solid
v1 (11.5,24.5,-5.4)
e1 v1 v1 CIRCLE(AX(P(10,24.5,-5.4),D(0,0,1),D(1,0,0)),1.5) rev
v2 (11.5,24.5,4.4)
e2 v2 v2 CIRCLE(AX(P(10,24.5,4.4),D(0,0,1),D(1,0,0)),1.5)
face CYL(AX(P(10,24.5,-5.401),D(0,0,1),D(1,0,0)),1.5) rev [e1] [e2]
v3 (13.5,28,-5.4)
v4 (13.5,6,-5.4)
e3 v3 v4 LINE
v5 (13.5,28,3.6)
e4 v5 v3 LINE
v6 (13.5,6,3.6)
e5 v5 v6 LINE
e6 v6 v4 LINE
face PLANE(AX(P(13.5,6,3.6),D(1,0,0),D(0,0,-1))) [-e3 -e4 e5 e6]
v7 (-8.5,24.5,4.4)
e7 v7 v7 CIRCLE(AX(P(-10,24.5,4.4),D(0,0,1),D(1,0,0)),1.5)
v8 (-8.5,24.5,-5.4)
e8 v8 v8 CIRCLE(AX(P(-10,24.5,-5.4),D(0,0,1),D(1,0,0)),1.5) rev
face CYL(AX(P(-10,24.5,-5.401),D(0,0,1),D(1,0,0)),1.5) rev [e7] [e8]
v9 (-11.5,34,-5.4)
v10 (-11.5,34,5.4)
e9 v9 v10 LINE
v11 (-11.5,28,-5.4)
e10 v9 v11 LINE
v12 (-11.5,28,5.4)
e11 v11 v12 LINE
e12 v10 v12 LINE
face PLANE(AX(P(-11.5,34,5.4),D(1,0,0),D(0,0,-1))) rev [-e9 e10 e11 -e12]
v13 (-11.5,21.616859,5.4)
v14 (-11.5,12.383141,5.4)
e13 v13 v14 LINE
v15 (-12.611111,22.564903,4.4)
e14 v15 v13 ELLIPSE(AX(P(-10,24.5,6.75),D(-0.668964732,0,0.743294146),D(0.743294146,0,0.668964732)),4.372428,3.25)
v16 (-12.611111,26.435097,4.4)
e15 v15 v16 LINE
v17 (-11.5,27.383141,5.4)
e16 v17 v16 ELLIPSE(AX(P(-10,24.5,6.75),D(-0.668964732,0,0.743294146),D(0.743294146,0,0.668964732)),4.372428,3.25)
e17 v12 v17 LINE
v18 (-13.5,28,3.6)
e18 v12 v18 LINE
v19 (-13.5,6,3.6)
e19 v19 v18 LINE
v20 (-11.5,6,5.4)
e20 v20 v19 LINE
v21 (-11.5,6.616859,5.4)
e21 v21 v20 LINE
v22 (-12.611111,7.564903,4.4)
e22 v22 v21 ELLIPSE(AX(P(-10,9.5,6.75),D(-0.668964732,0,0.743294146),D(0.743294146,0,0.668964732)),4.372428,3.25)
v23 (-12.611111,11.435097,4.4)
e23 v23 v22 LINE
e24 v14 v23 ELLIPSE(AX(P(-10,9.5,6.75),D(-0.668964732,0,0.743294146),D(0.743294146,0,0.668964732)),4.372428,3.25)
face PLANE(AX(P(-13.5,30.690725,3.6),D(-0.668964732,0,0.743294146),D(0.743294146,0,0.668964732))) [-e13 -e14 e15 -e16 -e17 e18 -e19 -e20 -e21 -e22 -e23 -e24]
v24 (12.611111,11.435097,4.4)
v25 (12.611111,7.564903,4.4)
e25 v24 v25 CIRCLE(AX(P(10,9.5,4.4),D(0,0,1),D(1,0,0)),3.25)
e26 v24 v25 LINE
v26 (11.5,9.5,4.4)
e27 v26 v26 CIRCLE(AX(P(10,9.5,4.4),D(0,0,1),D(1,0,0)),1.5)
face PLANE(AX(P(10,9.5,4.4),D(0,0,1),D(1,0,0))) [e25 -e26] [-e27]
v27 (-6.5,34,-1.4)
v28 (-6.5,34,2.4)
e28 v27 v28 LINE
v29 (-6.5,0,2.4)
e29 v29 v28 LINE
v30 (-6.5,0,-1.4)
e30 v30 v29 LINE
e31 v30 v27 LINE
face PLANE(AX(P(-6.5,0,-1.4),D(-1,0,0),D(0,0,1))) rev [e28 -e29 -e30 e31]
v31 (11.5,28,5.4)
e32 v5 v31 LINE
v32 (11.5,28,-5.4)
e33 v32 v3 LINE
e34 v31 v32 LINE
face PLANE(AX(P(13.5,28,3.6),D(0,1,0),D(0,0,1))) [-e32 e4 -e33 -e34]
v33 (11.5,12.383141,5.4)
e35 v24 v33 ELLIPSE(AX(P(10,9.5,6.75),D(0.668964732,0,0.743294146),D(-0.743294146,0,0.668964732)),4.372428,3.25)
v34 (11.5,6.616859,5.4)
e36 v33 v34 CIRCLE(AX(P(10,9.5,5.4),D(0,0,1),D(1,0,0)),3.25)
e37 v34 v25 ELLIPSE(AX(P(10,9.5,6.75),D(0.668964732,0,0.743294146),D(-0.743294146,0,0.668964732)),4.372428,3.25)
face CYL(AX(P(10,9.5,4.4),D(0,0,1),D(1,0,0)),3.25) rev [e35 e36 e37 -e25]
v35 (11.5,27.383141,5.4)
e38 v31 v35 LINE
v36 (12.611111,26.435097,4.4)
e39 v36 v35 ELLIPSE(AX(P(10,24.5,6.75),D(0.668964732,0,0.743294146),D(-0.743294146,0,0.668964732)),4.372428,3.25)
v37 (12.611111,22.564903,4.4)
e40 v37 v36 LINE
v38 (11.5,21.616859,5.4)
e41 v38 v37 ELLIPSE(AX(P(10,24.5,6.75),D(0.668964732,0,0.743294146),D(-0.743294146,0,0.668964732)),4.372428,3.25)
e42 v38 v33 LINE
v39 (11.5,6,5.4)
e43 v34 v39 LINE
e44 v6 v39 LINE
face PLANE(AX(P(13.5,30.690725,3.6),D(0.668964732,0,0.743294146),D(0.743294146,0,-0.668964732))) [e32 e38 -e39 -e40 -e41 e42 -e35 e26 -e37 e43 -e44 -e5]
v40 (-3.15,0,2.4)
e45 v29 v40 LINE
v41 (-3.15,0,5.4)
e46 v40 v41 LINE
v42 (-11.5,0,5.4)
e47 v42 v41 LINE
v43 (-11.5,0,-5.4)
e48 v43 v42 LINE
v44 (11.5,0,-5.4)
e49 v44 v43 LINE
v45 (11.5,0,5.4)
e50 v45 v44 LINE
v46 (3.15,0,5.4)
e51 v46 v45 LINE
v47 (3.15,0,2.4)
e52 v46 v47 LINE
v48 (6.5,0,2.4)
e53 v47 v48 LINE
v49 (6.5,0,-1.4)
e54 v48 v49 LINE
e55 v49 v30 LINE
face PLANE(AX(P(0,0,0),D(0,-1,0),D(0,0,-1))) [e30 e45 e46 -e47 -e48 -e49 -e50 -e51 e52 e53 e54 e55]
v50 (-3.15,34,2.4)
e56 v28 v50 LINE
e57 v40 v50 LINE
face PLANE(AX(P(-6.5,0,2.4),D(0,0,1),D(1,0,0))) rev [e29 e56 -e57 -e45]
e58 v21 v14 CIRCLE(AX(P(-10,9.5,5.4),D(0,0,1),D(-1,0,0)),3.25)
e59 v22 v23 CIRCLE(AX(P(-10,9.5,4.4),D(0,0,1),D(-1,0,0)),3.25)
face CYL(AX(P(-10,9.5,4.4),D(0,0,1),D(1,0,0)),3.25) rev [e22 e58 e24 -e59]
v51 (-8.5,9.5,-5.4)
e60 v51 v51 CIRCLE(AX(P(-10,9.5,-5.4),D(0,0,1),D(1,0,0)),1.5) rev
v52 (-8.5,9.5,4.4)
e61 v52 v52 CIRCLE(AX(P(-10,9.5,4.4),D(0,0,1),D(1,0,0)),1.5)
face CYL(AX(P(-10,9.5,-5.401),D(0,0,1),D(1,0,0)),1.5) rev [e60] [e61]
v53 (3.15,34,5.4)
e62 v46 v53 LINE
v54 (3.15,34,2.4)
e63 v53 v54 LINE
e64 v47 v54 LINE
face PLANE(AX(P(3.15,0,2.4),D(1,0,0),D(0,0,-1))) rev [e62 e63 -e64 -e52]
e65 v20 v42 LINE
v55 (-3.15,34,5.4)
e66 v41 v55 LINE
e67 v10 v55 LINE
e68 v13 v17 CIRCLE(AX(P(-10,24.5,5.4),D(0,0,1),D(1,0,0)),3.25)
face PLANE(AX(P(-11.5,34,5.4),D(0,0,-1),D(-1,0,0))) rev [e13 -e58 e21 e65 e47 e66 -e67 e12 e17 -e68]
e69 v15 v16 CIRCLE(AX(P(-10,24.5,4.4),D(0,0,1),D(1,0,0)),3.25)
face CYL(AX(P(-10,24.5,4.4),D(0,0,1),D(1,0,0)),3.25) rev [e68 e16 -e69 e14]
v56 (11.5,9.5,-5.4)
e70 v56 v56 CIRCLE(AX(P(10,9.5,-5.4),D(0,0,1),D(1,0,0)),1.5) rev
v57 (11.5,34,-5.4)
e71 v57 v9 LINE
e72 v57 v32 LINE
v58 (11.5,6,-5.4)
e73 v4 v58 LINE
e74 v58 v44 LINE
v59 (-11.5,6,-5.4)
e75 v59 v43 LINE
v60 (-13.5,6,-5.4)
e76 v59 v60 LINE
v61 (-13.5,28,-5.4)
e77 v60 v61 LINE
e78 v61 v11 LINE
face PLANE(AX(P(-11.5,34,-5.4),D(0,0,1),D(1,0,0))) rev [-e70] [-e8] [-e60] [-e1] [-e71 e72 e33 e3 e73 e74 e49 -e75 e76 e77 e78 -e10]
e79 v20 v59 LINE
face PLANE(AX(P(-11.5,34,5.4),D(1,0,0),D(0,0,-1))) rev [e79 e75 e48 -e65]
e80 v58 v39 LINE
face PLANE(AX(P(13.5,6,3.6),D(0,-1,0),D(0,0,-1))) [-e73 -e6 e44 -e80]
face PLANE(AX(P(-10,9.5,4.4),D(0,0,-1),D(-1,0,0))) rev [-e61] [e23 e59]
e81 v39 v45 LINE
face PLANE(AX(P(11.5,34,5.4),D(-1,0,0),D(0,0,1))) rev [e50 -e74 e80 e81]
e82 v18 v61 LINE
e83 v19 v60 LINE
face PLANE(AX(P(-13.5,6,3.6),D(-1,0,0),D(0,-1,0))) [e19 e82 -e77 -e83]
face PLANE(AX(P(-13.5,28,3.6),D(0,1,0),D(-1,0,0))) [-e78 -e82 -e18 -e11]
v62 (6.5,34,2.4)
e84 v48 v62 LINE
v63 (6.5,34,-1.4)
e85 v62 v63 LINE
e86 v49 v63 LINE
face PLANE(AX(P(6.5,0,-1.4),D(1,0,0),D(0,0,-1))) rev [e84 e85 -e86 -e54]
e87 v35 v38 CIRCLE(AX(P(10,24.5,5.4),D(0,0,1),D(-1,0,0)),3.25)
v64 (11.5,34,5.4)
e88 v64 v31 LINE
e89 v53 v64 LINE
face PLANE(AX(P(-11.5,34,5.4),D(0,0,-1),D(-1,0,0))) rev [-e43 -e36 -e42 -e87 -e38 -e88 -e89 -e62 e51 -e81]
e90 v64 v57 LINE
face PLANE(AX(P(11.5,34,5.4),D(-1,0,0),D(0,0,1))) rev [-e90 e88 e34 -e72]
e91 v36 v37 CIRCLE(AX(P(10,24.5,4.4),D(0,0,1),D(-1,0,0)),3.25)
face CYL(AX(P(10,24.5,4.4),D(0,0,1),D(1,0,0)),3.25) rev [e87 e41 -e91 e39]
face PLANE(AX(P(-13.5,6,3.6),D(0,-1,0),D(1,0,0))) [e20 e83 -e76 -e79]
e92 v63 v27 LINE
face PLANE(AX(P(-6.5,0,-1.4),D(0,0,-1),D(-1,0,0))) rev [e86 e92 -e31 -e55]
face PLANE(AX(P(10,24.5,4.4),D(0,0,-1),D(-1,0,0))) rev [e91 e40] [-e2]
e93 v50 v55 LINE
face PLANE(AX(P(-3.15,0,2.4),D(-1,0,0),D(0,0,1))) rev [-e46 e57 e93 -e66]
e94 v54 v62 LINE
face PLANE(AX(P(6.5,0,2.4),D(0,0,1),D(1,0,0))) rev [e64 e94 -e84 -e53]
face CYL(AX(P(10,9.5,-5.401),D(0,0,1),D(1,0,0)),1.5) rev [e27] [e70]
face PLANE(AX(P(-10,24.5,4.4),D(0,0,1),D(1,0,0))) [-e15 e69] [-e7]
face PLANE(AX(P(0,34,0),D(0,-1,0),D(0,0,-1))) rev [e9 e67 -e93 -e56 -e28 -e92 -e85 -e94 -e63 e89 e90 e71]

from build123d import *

# Parameters (mm, degrees)
SKETCH_1_W          = 23
SKETCH_1_H          = 10.8
EXTRUDE_1_DEPTH     = 34
CUT_EXTRUDE_1_DEPTH = 35
SKETCH_3_W          = 7
SKETCH_3_H          = 22
EXTRUDE_2_DEPTH     = 9
EXTRUDE_3_DEPTH     = 22
SKETCH_7_R          = 3.25
CUT_EXTRUDE_7_DEPTH = 1
CUT_EXTRUDE_8_REACH = 11.8
SKETCH_8_R          = 1.5


with BuildPart() as part:
    # 草图1 → 凸台-拉伸1 (new body)
    with BuildSketch(Plane(origin=(0, 0, 0), x_dir=(1, 0, 0), z_dir=(0, 1, 0))):
        Rectangle(SKETCH_1_W, SKETCH_1_H)
    extrude(amount=EXTRUDE_1_DEPTH)

    # 草图2 → 切除-拉伸1 (cut, through all)
    with BuildSketch(Plane(origin=(0, 34, 0), x_dir=(1, 0, 0), z_dir=(0, 1, 0))):
        Polygon((-6.5, 1.4), (6.5, 1.4), (6.5, -2.4), (3.15, -2.4), (3.15, -5.4), (-3.15, -5.4), (-3.15, -2.4), (-6.5, -2.4), align=None)
    extrude(amount=-CUT_EXTRUDE_1_DEPTH, mode=Mode.SUBTRACT)

    # 草图3 → 凸台-拉伸2 (add)
    with BuildSketch(Plane(origin=(0, 0, -5.4), x_dir=(-1, 0, 0), z_dir=(0, 0, -1))):
        with Locations((-10, 17)):
            Rectangle(SKETCH_3_W, SKETCH_3_H)
        with Locations((10, 17)):
            Rectangle(SKETCH_3_W, SKETCH_3_H)
    extrude(amount=-EXTRUDE_2_DEPTH)

    # 草图5 → 凸台-拉伸3 (add)
    with BuildSketch(Plane.XZ.offset(-6)):
        Polygon((11.5, 5.4), (11.5, 3.6), (13.5, 3.6), align=None)
        Polygon((-13.5, 3.6), (-11.5, 5.4), (-11.5, 3.6), align=None)
    extrude(amount=-EXTRUDE_3_DEPTH)

    # 草图7 → 切除-拉伸7 (cut)
    with BuildSketch(Plane.XY.offset(5.4)):
        with Locations((-10, 24.5)):
            Circle(SKETCH_7_R)
        with Locations((-10, 9.5)):
            Circle(SKETCH_7_R)
        with Locations((10, 9.5)):
            Circle(SKETCH_7_R)
        with Locations((10, 24.5)):
            Circle(SKETCH_7_R)
    extrude(amount=-CUT_EXTRUDE_7_DEPTH, mode=Mode.SUBTRACT)

    # 草图8 → 切除-拉伸8 (cut, up to next)
    with BuildSketch(Plane.XY.offset(4.4), mode=Mode.PRIVATE) as cut_extrude_8_sk1:
        with Locations((-10, 24.5)):
            Circle(SKETCH_8_R)
    cut_extrude_8_tool1 = extrude(cut_extrude_8_sk1.sketch, amount=-CUT_EXTRUDE_8_REACH, mode=Mode.PRIVATE) & part.part
    add(cut_extrude_8_tool1.solids().sort_by_distance((-10, 24.5, 4.4))[0], mode=Mode.SUBTRACT)
    # 草图8 → 切除-拉伸8 (cut, up to next)
    with BuildSketch(Plane.XY.offset(4.4), mode=Mode.PRIVATE) as cut_extrude_8_sk2:
        with Locations((10, 24.5)):
            Circle(SKETCH_8_R)
    cut_extrude_8_tool2 = extrude(cut_extrude_8_sk2.sketch, amount=-CUT_EXTRUDE_8_REACH, mode=Mode.PRIVATE) & part.part
    add(cut_extrude_8_tool2.solids().sort_by_distance((10, 24.5, 4.4))[0], mode=Mode.SUBTRACT)
    # 草图8 → 切除-拉伸8 (cut, up to next)
    with BuildSketch(Plane.XY.offset(4.4), mode=Mode.PRIVATE) as cut_extrude_8_sk3:
        with Locations((-10, 9.5)):
            Circle(SKETCH_8_R)
    cut_extrude_8_tool3 = extrude(cut_extrude_8_sk3.sketch, amount=-CUT_EXTRUDE_8_REACH, mode=Mode.PRIVATE) & part.part
    add(cut_extrude_8_tool3.solids().sort_by_distance((-10, 9.5, 4.4))[0], mode=Mode.SUBTRACT)
    # 草图8 → 切除-拉伸8 (cut, up to next)
    with BuildSketch(Plane.XY.offset(4.4), mode=Mode.PRIVATE) as cut_extrude_8_sk4:
        with Locations((10, 9.5)):
            Circle(SKETCH_8_R)
    cut_extrude_8_tool4 = extrude(cut_extrude_8_sk4.sketch, amount=-CUT_EXTRUDE_8_REACH, mode=Mode.PRIVATE) & part.part
    add(cut_extrude_8_tool4.solids().sort_by_distance((10, 9.5, 4.4))[0], mode=Mode.SUBTRACT)


solid = part.part
